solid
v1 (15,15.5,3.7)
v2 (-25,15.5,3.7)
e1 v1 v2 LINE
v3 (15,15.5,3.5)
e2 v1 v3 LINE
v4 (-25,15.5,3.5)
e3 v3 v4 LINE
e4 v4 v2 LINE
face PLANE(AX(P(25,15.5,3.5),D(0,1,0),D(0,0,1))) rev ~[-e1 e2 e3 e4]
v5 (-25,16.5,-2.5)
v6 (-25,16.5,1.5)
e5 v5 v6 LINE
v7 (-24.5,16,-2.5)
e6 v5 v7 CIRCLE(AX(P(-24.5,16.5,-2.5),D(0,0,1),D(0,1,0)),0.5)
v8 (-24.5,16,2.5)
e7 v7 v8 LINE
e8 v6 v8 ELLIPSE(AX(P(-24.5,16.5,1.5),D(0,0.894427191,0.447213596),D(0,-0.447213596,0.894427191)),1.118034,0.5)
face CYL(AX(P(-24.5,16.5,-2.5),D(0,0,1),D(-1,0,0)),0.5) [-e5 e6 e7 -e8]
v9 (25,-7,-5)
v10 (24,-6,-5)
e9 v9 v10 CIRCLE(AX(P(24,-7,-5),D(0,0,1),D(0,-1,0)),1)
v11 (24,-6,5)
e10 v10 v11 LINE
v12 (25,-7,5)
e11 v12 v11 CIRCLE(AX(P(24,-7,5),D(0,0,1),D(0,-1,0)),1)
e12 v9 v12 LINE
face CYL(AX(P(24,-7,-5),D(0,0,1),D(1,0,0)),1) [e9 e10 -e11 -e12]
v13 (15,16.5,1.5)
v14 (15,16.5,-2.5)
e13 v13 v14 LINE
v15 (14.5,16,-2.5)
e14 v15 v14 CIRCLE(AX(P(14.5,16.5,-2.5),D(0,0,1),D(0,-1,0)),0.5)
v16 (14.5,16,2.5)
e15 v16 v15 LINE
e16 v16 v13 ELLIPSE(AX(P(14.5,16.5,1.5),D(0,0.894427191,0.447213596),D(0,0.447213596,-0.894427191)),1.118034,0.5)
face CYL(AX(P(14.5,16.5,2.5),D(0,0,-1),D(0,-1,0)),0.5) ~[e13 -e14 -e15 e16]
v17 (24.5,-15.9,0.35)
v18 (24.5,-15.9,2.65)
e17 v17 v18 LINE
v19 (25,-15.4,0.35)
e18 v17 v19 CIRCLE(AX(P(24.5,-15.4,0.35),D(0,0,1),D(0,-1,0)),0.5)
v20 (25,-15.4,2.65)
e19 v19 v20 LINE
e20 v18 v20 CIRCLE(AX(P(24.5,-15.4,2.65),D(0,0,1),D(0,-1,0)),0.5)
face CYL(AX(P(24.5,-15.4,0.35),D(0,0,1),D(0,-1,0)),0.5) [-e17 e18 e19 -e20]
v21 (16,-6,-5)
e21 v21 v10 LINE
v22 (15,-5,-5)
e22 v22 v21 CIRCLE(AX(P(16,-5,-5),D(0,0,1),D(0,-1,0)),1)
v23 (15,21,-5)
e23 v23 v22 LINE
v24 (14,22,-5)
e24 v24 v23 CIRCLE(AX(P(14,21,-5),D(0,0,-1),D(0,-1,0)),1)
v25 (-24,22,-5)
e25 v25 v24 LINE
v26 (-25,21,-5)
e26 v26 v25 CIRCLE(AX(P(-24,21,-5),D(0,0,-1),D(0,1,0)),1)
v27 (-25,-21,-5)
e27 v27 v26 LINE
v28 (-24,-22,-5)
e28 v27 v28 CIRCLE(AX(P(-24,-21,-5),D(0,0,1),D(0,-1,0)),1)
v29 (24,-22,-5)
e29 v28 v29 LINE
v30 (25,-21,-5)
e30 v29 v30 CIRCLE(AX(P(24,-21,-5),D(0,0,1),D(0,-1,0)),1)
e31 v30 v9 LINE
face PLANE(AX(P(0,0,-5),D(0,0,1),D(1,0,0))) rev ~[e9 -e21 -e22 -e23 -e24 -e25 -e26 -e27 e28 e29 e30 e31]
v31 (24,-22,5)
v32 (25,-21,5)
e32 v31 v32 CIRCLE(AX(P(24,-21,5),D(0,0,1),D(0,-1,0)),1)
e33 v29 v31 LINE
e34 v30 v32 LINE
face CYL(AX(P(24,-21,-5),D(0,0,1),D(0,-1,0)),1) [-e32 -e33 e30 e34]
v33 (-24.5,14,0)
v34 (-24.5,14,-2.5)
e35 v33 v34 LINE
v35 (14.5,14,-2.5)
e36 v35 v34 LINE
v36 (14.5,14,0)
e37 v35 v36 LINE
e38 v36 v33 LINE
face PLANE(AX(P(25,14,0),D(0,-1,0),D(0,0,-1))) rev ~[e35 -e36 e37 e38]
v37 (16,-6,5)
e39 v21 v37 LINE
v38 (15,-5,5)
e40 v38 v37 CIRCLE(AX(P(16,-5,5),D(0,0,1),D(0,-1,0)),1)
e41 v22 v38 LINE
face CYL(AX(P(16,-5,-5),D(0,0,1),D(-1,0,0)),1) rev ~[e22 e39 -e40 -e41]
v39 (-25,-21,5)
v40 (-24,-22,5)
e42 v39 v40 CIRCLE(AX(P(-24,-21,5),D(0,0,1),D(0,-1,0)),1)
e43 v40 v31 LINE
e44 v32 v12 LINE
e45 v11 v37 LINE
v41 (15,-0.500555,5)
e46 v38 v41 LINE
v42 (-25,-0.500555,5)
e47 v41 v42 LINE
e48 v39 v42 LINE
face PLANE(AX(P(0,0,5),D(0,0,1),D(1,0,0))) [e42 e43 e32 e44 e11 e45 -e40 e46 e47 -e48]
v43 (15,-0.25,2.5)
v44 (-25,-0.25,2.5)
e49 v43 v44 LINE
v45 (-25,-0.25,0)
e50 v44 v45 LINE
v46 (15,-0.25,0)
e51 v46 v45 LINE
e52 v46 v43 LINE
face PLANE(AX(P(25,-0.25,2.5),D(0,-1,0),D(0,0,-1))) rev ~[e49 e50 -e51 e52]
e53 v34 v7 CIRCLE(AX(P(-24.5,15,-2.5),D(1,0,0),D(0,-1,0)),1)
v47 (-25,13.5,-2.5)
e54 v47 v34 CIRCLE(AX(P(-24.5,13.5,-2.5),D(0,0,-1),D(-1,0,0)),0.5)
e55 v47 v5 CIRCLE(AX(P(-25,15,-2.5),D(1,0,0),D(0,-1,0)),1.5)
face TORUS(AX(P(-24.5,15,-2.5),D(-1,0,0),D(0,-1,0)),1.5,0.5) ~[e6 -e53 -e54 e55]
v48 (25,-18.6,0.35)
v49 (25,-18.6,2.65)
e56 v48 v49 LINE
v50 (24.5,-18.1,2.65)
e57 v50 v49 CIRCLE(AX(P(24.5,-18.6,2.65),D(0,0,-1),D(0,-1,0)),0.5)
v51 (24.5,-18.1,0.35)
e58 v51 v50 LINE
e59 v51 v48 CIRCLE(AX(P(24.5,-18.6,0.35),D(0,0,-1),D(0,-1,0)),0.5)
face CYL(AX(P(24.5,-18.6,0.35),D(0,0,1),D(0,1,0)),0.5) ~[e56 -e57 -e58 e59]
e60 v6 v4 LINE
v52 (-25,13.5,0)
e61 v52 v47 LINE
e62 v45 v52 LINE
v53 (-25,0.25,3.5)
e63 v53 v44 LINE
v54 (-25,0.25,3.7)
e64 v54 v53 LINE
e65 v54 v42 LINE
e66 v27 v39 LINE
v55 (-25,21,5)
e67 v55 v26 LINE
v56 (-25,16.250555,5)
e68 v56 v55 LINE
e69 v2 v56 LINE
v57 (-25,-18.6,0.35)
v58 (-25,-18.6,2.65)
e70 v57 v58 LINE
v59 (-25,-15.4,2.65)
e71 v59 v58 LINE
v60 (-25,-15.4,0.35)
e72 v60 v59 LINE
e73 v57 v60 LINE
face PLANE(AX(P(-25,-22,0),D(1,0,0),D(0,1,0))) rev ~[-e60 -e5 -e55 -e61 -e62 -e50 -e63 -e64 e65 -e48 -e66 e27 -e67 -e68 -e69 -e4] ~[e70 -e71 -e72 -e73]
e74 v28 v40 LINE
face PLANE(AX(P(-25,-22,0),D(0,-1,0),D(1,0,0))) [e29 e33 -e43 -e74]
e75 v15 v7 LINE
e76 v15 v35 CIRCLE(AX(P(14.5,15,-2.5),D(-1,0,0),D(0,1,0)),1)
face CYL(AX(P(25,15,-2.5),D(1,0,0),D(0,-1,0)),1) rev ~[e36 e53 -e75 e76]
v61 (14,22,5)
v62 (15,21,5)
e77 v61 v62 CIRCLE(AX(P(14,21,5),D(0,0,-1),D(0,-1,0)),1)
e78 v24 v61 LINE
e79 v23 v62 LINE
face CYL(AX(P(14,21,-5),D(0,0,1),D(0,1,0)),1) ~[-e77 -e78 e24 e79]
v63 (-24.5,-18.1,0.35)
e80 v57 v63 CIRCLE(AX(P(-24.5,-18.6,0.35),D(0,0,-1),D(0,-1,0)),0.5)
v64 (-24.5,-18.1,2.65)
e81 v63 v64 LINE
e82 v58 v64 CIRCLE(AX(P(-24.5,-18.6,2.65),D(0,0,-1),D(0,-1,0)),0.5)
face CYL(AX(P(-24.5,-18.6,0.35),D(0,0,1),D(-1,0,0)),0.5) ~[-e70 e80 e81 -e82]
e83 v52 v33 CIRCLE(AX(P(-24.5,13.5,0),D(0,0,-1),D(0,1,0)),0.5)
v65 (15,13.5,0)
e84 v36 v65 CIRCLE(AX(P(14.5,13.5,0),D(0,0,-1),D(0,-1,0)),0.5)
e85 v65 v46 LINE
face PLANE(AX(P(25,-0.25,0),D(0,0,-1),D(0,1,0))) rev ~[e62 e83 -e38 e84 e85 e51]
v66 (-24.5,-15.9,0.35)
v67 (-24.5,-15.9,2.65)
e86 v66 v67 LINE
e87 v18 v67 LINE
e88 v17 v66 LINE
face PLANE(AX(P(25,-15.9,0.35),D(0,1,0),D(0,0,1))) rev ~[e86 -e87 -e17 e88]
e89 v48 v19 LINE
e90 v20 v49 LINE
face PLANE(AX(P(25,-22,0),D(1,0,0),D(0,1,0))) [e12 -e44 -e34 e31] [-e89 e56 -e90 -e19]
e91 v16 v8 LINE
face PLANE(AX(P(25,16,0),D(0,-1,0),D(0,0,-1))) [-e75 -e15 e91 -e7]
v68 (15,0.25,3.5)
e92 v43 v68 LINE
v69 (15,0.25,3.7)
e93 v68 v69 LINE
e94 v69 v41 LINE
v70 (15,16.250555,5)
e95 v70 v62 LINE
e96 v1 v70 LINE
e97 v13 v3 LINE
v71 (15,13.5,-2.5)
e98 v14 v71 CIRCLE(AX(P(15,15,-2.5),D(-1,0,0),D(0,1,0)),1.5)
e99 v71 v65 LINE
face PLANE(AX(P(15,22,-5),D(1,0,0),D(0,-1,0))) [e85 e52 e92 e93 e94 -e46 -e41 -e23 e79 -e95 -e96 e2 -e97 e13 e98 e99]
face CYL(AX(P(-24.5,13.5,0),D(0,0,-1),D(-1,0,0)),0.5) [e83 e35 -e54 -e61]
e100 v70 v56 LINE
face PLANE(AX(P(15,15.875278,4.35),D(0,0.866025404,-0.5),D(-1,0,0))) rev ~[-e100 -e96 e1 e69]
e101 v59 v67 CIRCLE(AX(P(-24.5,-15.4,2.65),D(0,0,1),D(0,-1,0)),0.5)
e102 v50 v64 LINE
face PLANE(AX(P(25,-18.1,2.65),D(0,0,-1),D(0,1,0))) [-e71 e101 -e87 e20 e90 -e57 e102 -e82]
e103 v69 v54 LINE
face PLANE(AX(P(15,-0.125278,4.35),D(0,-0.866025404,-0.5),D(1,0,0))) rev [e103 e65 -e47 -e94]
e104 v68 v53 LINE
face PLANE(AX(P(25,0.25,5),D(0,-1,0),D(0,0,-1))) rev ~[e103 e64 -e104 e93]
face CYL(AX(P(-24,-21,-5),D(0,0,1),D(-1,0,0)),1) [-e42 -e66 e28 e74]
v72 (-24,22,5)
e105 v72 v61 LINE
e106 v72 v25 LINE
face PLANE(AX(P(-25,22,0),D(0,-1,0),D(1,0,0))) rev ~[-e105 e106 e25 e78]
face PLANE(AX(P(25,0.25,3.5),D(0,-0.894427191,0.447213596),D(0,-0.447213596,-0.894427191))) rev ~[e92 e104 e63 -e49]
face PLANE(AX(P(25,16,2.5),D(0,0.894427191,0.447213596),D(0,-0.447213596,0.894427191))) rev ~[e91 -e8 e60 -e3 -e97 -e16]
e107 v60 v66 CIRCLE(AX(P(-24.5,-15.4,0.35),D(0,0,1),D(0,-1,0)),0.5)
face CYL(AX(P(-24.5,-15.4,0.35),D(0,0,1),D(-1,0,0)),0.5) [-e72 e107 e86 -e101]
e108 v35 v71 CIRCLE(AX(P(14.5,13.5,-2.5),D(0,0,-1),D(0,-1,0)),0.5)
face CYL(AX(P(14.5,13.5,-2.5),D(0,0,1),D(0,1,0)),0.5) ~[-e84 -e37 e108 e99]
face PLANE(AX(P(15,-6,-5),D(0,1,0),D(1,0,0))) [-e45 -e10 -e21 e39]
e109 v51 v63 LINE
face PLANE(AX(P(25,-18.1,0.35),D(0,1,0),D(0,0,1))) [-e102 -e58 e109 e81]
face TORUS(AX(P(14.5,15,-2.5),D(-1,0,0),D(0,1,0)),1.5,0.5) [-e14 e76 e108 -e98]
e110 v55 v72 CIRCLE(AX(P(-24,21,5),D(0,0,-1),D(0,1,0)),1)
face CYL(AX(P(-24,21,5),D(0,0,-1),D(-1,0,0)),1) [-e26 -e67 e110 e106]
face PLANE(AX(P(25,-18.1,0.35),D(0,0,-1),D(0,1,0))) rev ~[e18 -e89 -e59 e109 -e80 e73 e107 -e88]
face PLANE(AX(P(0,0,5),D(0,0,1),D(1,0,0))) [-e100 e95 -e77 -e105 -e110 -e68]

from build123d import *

# Parameters (mm, degrees)
SKETCH_W        = 50
SKETCH_H        = 44
PAD_DEPTH       = 5
SKETCH001_W     = 2.2
SKETCH001_H     = 2.3
POCKET_DEPTH    = 50.001
POCKET002_DEPTH = 50.001
SKETCH002_W     = 10
SKETCH002_H     = 28
POCKET001_DEPTH = 10.001
FILLET_R        = 1
FILLET001_R     = 0.5
CHAMFER_1_ANGLE = 30
CHAMFER_1_SIZE  = 1.3
CHAMFER_2_ANGLE = 30
CHAMFER_2_SIZE  = 1.3


with BuildPart() as part:
    # Sketch (on XY_Plane of Origin) → Pad (new body, symmetric)
    with BuildSketch(Plane.XY):
        Rectangle(SKETCH_W, SKETCH_H)
    extrude(amount=PAD_DEPTH, both=True)

    # Sketch001 (on Face2 of Pad) → Pocket (cut, through all)
    with BuildSketch(Plane.YZ.offset(25)):
        Polygon((0.25, 5), (0.25, 3.5), (-0.25, 2.5), (-0.25, 0), (16, 0), (16, 2.5), (15.5, 3.5), (15.5, 5), align=None)
        with Locations((-17, 1.5)):
            Rectangle(SKETCH001_W, SKETCH001_H)
    extrude(amount=-POCKET_DEPTH, mode=Mode.SUBTRACT)

    # Sketch003 (on Face3 of Pocket) → Pocket002 (cut, through all)
    with BuildSketch(Plane.YZ.offset(25)):
        with BuildLine():
            ThreePointArc((16, 0), (15, 1), (14, 0))
            Line((14, 0), (14, -2.5))
            ThreePointArc((14, -2.5), (15, -3.5), (16, -2.5))
            Line((16, 0), (16, -2.5))
        make_face()
    extrude(amount=-POCKET002_DEPTH, mode=Mode.SUBTRACT)

    # Sketch002 (on Face4 of Pocket) → Pocket001 (cut, through all)
    with BuildSketch(Plane(origin=(0, 0, -5), x_dir=(1, 0, 0), z_dir=(0, 0, -1))):
        with Locations((20, -8)):
            Rectangle(SKETCH002_W, SKETCH002_H)
    extrude(amount=-POCKET001_DEPTH, mode=Mode.SUBTRACT)

    # Fillet
    fillet_edges = [part.edges().sort_by_distance(p)[0] for p in [
        (25, -22, 0),
        (25, -6, 0),
        (-25, -22, 0),
        (15, 22, 0),
        (15, -6, 0),
        (-25, 22, 0),
    ]]
    fillet(fillet_edges, radius=FILLET_R)

    # Fillet001
    fillet001_edges = [part.edges().sort_by_distance(p)[0] for p in [
        (-25, -15.9, 1.5),
        (-25, -18.1, 1.5),
        (25, -15.9, 1.5),
        (25, -18.1, 1.5),
        (15, 14, -1.25),
        (-25, 14, -1.25),
    ]]
    fillet(fillet001_edges, radius=FILLET001_R)

    # Chamfer 1
    chamfer_1_edges = [part.edges().sort_by_distance(p)[0] for p in [
        (-5, 15.5, 5),
    ]]
    chamfer_1_side = part.faces().sort_by_distance((-5, 15.5, 4.25))[0]
    chamfer(chamfer_1_edges, length=CHAMFER_1_SIZE, angle=CHAMFER_1_ANGLE, reference=chamfer_1_side)

    # Chamfer 2
    chamfer_2_edges = [part.edges().sort_by_distance(p)[0] for p in [
        (-5, 0.25, 5),
    ]]
    chamfer_2_side = part.faces().sort_by_distance((-5, 0.25, 4.25))[0]
    chamfer(chamfer_2_edges, length=CHAMFER_2_SIZE, angle=CHAMFER_2_ANGLE, reference=chamfer_2_side)


solid = part.part
